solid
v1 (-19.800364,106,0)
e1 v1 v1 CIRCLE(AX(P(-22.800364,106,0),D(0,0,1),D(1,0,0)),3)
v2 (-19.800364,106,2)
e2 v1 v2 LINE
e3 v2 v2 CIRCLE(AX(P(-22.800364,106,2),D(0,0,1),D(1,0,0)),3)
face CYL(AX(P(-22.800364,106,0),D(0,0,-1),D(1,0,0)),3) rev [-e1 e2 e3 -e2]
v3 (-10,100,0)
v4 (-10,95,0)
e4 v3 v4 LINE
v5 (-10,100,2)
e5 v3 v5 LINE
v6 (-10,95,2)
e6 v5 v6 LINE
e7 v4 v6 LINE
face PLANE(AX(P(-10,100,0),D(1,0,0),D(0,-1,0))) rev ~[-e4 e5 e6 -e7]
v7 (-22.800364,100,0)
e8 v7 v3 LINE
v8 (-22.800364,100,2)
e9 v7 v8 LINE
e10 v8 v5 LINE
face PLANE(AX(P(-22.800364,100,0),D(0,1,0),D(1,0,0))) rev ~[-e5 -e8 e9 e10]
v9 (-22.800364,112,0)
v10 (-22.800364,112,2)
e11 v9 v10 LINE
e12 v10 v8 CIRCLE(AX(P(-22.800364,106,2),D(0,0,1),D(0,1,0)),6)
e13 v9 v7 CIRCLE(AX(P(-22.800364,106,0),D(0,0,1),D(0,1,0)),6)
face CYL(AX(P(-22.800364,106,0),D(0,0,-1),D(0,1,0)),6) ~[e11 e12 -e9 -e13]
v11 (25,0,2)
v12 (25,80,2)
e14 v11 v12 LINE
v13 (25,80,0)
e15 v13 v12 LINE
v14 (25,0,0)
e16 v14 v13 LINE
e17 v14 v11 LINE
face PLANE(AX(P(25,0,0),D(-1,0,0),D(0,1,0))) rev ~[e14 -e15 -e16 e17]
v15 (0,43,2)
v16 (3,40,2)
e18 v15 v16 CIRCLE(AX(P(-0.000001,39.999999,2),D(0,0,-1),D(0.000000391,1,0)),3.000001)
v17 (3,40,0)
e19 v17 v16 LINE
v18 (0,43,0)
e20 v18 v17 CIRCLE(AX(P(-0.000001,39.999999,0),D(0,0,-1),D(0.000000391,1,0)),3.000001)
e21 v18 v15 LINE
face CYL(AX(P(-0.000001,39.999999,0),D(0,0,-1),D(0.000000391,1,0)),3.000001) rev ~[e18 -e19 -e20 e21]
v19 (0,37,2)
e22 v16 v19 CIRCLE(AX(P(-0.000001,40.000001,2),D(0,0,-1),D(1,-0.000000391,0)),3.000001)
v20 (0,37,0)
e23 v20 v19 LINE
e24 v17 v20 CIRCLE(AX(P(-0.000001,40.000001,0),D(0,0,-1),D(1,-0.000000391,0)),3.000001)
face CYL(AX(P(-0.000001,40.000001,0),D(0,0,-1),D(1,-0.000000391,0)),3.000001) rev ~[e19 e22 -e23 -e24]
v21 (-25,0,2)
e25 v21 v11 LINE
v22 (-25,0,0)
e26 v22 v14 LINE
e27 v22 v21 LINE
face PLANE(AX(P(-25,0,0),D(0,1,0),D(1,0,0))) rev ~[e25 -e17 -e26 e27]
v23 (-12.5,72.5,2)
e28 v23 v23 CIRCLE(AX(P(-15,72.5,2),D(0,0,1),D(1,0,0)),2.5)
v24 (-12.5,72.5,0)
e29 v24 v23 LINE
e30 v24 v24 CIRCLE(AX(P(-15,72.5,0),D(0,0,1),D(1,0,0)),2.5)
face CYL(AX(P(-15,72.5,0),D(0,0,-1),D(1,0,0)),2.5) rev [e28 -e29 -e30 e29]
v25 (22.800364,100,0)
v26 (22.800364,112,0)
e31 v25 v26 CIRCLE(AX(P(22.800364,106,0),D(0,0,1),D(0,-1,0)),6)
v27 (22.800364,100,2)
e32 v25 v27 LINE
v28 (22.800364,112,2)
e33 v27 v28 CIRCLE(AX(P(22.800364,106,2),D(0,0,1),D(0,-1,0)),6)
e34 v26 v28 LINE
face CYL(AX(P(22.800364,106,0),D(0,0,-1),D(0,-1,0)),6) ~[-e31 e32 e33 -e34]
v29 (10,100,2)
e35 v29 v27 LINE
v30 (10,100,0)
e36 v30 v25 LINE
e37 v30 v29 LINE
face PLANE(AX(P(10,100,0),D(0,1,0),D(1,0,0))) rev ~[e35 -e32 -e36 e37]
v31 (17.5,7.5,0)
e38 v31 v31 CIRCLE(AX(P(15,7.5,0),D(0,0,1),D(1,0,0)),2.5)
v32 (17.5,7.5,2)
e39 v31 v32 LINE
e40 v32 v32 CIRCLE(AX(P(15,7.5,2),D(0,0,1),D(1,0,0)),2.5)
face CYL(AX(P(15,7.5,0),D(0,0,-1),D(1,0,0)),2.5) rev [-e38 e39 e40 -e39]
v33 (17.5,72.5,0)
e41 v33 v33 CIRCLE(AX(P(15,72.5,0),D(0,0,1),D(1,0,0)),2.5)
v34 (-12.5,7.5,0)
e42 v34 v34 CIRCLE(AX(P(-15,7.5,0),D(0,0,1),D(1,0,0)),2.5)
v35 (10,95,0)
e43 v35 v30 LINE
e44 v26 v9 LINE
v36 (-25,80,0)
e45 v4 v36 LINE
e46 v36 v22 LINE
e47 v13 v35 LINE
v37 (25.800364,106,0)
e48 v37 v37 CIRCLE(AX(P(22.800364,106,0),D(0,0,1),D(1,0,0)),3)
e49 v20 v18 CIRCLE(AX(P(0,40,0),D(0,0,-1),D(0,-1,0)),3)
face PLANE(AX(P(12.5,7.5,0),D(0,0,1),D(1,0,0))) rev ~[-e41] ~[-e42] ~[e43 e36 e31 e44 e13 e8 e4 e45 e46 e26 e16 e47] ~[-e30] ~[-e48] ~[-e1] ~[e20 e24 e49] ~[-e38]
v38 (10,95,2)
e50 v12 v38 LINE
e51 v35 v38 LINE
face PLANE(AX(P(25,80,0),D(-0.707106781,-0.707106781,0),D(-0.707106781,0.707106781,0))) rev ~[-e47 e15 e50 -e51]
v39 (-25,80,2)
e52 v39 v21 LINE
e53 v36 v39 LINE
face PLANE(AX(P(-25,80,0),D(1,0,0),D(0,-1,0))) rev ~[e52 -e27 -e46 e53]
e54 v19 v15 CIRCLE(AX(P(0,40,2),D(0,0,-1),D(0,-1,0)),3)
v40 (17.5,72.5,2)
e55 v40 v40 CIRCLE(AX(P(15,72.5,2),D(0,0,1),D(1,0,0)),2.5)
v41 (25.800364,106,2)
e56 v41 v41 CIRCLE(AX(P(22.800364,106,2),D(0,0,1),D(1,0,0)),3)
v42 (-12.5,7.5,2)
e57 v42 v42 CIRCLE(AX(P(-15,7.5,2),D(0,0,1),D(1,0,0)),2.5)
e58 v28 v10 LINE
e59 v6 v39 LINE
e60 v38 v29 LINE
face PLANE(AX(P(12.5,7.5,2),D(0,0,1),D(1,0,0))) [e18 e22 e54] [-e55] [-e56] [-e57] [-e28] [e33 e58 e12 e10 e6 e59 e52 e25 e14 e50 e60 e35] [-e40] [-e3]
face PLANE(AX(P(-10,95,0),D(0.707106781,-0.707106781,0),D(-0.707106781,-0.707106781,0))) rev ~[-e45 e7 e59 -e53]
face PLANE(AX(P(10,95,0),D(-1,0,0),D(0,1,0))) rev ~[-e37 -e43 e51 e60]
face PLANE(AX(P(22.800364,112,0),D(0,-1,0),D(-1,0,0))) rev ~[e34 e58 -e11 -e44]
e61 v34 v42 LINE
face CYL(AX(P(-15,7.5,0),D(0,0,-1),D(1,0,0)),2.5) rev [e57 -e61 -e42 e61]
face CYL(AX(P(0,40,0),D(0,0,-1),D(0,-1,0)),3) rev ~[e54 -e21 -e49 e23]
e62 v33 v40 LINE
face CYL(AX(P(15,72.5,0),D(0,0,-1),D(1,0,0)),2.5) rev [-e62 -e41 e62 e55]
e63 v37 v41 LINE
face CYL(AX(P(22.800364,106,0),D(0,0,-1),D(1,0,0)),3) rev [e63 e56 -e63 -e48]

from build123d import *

# Parameters (mm, degrees)
F0_W     = 25
F0_H     = 15
F0_R     = 2.5
F0_R_2   = 3
F1_DEPTH = 2


with BuildPart() as f1:
    # F0 (on Top) → F1 (new body)
    with BuildSketch(Plane.XY):
        with Locations((12.5, 7.5)):
            Rectangle(F0_W, F0_H)
        with Locations((15, 7.5)):
            Circle(F0_R, mode=Mode.SUBTRACT)
        with Locations((-12.5, 7.5)):
            Rectangle(F0_W, F0_H)
        with Locations((-15, 7.5)):
            Circle(F0_R, mode=Mode.SUBTRACT)
        with BuildLine():
            Line((-25, 15), (0, 15))
            Line((0, 15), (0, 37))
            ThreePointArc((0, 37), (-3, 40), (0, 43))
            Line((0, 43), (0, 65))
            Line((0, 65), (-25, 65))
            Line((-25, 65), (-25, 15))
        make_face()
        with BuildLine():
            Line((0, 37), (0, 15))
            Line((0, 15), (25, 15))
            Line((25, 15), (25, 65))
            Line((25, 65), (0, 65))
            Line((0, 65), (0, 43))
            ThreePointArc((0, 43), (2.12132, 42.12132), (3, 40))
            ThreePointArc((3, 40), (2.12132, 37.87868), (0, 37))
        make_face()
        with Locations((12.5, 72.5)):
            Rectangle(F0_W, F0_H)
        with Locations((15, 72.5)):
            Circle(F0_R, mode=Mode.SUBTRACT)
        with Locations((-12.5, 72.5)):
            Rectangle(F0_W, F0_H)
        with Locations((-15, 72.5)):
            Circle(F0_R, mode=Mode.SUBTRACT)
        with BuildLine():
            Line((0, 80), (25, 80))
            Line((25, 80), (10, 95))
            Line((10, 95), (10, 100))
            Line((10, 100), (22.800364, 100))
            ThreePointArc((22.800364, 100), (28.800364, 106), (22.800364, 112))
            Line((22.800364, 112), (0, 112))
            Line((0, 112), (0, 80))
        make_face()
        with Locations((22.800364, 106)):
            Circle(F0_R_2, mode=Mode.SUBTRACT)
        with BuildLine():
            Line((-10, 95), (-25, 80))
            Line((-25, 80), (0, 80))
            Line((0, 80), (0, 112))
            Line((0, 112), (-22.800364, 112))
            ThreePointArc((-22.800364, 112), (-28.800364, 106), (-22.800364, 100))
            Line((-22.800364, 100), (-10, 100))
            Line((-10, 100), (-10, 95))
        make_face()
        with Locations((-22.800364, 106)):
            Circle(F0_R_2, mode=Mode.SUBTRACT)
    extrude(amount=F1_DEPTH)


solid = f1.part
